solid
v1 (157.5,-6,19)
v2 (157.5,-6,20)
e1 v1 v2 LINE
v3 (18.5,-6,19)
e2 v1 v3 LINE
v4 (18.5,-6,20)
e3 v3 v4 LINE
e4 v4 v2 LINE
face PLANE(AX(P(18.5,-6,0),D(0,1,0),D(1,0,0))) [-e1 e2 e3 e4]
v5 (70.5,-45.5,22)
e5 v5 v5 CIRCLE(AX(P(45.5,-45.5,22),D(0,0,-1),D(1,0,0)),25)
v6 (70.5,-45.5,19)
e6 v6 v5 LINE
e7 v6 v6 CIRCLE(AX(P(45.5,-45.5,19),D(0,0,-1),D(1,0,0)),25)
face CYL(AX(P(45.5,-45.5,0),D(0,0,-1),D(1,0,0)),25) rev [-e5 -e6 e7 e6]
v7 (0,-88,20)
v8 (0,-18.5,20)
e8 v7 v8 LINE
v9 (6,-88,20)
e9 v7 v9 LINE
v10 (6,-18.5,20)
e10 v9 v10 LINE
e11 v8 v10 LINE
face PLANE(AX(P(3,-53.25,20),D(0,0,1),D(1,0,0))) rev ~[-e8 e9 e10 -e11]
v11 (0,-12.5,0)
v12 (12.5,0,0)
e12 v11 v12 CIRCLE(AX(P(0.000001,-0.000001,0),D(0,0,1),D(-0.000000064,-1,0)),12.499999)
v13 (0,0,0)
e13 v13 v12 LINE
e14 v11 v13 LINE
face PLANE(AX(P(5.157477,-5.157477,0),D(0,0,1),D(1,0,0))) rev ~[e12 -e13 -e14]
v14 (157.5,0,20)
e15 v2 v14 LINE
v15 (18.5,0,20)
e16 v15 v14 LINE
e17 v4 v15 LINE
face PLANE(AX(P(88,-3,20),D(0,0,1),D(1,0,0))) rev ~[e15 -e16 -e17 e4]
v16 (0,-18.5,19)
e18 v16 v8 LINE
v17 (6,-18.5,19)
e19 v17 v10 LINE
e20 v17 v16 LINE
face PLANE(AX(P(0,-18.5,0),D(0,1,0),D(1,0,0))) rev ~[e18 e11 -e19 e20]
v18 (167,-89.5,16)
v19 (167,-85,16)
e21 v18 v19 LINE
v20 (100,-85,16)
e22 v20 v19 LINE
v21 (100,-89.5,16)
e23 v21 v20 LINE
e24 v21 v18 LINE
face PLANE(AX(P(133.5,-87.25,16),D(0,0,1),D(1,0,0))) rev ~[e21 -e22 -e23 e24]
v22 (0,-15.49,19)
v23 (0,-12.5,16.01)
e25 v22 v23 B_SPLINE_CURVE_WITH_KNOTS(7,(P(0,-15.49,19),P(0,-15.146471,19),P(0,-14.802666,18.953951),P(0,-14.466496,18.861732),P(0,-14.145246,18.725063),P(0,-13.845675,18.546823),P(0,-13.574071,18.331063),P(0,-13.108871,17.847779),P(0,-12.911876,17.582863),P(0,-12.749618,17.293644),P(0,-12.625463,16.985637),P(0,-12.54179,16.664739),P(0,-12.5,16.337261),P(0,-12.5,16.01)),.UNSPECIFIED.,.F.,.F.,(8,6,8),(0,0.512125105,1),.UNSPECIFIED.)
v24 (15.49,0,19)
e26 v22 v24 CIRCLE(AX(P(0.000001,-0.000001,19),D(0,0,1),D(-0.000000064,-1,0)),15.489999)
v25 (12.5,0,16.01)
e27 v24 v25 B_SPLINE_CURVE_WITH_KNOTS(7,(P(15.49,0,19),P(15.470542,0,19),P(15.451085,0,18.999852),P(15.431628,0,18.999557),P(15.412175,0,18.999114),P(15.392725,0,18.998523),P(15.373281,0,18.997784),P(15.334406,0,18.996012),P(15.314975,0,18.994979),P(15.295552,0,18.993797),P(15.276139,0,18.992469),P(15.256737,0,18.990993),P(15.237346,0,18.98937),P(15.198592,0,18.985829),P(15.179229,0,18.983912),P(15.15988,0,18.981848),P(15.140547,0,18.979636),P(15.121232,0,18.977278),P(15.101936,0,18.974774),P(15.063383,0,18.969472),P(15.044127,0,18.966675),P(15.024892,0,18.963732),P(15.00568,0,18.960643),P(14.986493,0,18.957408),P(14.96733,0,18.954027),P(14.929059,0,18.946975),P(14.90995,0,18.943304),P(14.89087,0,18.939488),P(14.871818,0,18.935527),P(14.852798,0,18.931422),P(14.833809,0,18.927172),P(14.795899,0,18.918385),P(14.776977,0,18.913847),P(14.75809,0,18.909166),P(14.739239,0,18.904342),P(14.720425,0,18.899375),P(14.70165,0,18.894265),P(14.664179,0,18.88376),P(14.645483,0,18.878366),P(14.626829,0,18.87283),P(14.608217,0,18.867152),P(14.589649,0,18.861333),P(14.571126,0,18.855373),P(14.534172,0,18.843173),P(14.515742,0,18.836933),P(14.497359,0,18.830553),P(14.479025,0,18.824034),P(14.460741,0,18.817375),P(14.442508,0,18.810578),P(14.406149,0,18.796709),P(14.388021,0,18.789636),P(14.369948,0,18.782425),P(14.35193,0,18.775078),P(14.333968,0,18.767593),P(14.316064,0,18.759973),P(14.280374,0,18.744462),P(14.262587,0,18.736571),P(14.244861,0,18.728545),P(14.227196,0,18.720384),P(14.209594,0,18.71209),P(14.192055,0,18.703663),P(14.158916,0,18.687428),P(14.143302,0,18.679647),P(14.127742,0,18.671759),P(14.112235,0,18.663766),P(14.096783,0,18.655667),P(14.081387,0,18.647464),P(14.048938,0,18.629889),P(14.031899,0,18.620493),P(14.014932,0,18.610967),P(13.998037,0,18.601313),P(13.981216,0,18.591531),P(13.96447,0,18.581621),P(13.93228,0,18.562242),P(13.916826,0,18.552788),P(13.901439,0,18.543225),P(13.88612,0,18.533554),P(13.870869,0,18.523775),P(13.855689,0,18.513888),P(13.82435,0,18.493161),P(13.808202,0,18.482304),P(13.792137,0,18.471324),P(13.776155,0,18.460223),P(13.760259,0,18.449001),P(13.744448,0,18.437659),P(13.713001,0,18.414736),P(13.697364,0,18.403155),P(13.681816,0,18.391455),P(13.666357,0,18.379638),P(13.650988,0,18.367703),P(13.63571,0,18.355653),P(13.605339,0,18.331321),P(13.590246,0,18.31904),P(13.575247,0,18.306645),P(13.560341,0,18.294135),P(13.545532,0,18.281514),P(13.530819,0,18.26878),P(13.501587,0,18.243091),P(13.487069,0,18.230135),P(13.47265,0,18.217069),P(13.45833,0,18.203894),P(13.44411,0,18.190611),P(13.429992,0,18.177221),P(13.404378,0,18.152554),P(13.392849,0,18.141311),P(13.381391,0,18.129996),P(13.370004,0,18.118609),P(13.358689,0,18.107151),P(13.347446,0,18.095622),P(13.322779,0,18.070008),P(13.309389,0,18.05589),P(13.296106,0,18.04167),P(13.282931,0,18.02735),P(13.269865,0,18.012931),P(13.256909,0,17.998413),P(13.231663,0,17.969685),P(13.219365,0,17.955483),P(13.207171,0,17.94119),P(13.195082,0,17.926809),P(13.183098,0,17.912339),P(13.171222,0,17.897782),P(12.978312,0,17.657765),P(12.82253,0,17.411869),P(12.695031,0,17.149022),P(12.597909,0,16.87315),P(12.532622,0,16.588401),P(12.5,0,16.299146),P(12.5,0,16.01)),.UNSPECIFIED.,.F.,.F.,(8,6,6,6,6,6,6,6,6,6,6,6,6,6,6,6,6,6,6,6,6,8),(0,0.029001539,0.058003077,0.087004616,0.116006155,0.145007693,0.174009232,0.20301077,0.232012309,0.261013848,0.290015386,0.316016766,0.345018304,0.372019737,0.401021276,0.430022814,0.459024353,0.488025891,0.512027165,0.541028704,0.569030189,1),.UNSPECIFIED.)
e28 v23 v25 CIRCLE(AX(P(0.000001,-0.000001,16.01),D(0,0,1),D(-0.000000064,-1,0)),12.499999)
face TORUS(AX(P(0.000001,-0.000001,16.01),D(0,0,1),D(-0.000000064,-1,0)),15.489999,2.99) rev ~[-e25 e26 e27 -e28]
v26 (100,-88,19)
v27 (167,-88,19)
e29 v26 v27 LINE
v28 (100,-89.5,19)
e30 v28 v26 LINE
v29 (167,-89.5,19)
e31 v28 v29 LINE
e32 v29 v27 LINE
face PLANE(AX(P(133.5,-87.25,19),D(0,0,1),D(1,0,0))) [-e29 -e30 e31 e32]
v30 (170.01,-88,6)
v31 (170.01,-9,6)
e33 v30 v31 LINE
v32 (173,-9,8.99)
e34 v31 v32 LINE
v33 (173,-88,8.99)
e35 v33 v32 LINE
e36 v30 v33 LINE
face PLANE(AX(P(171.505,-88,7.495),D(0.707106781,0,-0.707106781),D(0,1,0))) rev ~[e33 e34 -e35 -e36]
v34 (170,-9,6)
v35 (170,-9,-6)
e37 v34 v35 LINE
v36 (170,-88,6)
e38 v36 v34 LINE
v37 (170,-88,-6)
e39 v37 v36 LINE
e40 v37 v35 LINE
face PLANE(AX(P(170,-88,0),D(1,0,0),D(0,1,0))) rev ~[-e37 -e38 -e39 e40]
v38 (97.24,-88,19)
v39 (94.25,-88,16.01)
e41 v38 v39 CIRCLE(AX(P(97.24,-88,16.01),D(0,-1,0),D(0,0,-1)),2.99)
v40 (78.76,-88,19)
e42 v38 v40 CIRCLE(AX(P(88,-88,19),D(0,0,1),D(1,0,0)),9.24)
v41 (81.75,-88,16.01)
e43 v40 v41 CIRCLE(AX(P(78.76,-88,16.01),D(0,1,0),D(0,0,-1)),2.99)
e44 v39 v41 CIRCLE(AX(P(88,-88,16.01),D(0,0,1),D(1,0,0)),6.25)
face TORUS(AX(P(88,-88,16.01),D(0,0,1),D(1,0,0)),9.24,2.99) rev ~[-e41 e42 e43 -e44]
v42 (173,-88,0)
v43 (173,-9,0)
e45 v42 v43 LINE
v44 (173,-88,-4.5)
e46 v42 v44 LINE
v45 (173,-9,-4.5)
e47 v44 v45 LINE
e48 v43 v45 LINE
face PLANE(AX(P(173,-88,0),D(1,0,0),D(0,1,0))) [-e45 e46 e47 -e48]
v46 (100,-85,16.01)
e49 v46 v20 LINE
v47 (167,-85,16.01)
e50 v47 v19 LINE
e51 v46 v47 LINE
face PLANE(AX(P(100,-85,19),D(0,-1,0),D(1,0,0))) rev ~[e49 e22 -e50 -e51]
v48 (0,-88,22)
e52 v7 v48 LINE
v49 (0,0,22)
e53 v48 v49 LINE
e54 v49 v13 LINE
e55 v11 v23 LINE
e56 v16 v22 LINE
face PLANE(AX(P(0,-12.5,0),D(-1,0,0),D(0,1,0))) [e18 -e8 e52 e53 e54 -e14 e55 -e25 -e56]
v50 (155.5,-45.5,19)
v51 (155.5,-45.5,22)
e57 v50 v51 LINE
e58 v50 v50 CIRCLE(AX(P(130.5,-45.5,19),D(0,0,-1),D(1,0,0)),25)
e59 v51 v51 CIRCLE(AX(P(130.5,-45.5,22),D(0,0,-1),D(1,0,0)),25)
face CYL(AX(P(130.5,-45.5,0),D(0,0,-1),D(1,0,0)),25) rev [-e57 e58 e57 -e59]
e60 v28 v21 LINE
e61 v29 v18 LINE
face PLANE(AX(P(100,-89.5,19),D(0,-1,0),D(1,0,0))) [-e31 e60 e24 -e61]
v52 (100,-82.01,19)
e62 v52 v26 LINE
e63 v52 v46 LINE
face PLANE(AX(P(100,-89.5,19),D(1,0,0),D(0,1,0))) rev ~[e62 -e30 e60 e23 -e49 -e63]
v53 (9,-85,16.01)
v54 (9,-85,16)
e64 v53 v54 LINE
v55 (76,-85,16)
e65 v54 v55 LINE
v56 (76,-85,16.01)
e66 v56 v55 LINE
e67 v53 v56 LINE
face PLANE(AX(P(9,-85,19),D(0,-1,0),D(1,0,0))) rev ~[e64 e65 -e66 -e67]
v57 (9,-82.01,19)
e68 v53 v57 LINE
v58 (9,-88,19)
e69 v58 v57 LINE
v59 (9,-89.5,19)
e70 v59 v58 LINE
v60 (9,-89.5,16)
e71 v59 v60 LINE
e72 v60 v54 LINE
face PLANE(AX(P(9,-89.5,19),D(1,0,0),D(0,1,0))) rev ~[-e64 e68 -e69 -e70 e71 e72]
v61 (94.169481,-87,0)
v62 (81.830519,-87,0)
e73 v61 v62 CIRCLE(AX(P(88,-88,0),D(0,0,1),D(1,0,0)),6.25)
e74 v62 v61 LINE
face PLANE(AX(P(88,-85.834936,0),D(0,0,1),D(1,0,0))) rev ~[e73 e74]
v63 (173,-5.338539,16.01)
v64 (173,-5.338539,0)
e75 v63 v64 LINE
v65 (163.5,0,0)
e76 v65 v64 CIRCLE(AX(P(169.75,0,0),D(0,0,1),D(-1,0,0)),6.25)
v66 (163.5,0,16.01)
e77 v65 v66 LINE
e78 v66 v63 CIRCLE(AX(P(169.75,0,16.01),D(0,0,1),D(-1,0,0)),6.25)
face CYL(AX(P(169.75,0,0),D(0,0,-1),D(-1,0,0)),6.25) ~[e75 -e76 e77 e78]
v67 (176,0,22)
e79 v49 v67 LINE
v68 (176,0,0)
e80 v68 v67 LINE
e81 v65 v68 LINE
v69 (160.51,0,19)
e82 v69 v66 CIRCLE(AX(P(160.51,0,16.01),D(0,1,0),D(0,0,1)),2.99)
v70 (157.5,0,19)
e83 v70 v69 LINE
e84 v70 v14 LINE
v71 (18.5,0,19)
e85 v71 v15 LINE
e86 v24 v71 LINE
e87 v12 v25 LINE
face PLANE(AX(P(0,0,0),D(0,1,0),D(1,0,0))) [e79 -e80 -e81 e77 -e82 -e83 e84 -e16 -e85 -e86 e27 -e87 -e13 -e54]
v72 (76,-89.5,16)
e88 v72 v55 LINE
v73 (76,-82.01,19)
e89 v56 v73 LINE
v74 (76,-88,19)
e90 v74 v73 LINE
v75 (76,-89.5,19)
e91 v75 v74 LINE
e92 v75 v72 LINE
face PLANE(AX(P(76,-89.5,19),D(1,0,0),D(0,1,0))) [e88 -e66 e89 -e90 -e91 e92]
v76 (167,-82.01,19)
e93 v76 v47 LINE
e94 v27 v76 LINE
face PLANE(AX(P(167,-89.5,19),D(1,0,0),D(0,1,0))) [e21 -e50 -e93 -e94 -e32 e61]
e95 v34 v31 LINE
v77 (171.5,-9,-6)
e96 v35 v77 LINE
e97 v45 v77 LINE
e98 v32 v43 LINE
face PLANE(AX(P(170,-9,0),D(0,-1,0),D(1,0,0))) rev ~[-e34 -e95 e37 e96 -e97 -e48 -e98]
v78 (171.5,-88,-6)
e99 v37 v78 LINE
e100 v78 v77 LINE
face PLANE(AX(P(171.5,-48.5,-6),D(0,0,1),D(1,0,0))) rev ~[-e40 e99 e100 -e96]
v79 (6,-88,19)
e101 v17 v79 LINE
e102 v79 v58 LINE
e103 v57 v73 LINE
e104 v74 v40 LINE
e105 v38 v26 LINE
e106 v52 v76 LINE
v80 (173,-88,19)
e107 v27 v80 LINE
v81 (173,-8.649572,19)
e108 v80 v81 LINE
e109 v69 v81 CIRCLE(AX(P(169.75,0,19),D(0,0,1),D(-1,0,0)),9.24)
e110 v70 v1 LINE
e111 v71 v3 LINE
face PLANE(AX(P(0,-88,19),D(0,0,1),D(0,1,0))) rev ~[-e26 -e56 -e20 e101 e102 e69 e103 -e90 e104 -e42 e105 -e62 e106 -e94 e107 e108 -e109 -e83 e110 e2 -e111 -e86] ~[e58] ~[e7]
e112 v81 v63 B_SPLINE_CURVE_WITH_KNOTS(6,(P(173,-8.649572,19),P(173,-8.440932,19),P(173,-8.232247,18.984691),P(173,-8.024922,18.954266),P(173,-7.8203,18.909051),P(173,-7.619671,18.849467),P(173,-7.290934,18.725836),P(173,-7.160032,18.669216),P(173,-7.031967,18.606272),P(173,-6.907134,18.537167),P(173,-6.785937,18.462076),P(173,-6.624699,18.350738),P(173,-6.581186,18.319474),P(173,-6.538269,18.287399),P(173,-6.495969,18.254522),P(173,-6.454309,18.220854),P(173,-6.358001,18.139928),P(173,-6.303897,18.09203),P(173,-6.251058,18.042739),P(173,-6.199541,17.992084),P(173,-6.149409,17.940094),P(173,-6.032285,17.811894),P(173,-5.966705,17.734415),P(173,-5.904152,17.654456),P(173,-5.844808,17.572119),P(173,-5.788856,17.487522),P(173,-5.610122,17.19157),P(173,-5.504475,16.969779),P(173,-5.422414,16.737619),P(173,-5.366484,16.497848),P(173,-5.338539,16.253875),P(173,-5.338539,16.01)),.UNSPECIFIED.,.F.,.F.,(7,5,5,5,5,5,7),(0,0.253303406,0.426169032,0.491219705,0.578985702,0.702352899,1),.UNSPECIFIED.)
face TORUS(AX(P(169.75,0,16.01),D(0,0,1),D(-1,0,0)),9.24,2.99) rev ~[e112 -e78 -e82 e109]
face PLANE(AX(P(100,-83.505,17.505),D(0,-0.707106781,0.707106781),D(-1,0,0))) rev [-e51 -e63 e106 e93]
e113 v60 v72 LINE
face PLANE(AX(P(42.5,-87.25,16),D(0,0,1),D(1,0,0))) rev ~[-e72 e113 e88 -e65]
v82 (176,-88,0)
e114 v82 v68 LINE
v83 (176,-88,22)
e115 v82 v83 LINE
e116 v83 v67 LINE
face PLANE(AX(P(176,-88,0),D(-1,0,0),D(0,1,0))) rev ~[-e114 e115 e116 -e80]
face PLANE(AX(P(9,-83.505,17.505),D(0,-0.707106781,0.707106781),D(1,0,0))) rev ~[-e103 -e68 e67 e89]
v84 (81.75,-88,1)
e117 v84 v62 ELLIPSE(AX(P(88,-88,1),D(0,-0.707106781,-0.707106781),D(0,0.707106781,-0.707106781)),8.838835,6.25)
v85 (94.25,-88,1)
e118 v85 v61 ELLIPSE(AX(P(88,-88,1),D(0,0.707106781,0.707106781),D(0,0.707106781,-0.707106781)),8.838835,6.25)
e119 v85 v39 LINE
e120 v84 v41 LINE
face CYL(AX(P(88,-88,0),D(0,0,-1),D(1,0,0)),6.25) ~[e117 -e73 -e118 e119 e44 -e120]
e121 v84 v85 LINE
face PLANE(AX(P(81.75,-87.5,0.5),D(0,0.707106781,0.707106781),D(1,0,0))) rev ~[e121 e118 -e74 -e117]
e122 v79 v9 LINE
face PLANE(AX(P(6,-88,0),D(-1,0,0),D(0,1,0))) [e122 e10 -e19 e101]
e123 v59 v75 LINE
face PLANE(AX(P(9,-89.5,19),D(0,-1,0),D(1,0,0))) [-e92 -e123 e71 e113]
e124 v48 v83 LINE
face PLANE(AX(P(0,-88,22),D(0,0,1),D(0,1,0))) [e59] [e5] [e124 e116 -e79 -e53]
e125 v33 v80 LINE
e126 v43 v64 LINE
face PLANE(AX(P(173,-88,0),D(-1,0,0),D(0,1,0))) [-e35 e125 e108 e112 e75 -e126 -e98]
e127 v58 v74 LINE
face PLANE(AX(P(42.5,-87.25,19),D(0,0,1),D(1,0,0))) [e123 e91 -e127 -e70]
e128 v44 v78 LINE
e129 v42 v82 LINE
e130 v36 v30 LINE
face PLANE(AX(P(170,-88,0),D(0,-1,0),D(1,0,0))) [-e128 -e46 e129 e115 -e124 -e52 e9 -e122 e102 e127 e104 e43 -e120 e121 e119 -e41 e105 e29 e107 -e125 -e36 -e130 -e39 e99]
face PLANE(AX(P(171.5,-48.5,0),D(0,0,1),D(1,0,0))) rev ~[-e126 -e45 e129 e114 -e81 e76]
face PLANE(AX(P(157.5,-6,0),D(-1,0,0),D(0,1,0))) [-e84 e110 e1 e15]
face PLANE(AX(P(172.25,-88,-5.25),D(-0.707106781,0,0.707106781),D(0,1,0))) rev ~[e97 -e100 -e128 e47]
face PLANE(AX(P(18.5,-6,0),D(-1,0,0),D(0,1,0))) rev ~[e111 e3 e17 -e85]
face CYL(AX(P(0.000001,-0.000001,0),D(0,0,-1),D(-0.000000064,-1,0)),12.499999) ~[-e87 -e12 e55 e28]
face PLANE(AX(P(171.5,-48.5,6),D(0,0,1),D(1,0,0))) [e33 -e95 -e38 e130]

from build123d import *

# Parameters (mm, degrees)
SKETCH063_W          = 88
SKETCH063_H          = 3
PAD030_DEPTH         = 176
SKETCH064_R          = 25
POCKET030_DEPTH      = 100
POCKET030_DEPTH_BACK = 100
PAD031_DEPTH         = 19
SKETCH066_W          = 139
SKETCH066_H          = 6
SKETCH066_W_2        = 6
SKETCH066_H_2        = 69.5
POCKET031_DEPTH      = 20
SKETCH067_W          = 3
SKETCH067_H          = 88
PAD032_DEPTH         = 19
SKETCH068_W          = 3
SKETCH068_H          = 79
PAD033_DEPTH         = 6
PAD033_DEPTH_BACK    = 6
CHAMFER009_SIZE      = 2.99
CHAMFER010_SIZE      = 1.5
FILLET017_R          = 2.99
SKETCH087_W          = 67
SKETCH087_H          = 4.5
PAD038_DEPTH         = 3
CHAMFER012_SIZE      = 2.99
CHAMFER014_SIZE      = 1


with BuildPart() as part:
    # Sketch063 → Pad030 (new body)
    with BuildSketch(Plane.YZ):
        with Locations((-44, 20.5)):
            Rectangle(SKETCH063_W, SKETCH063_H)
    extrude(amount=PAD030_DEPTH)

    # Sketch064 → Pocket030 (cut, two sides)
    with BuildSketch(Plane.XY) as pocket030_sk:
        with Locations((45.5, -45.5)):
            Circle(SKETCH064_R)
        with Locations((130.5, -45.5)):
            Circle(SKETCH064_R)
    extrude(amount=-POCKET030_DEPTH, mode=Mode.SUBTRACT)
    extrude(pocket030_sk.sketch, amount=POCKET030_DEPTH_BACK, mode=Mode.SUBTRACT)

    # Sketch065 → Pad031 (join)
    with BuildSketch(Plane.XY):
        with BuildLine():
            ThreePointArc((0, -12.5), (8.838835, -8.838835), (12.5, 0))
            Line((0, 0), (12.5, 0))
            Line((0, -12.5), (0, 0))
        make_face()
        with BuildLine():
            ThreePointArc((163.5, 0), (169.75, -6.25), (176, 0))
            Line((163.5, 0), (176, 0))
        make_face()
        with BuildLine():
            ThreePointArc((94.25, -88), (88, -81.75), (81.75, -88))
            Line((81.75, -88), (94.25, -88))
        make_face()
    extrude(amount=PAD031_DEPTH)

    # Sketch066 → Pocket031 (cut)
    with BuildSketch(Plane.XY):
        with Locations((88, -3)):
            Rectangle(SKETCH066_W, SKETCH066_H)
        with Locations((3, -53.25)):
            Rectangle(SKETCH066_W_2, SKETCH066_H_2)
    extrude(amount=POCKET031_DEPTH, mode=Mode.SUBTRACT)

    # Sketch067 → Pad032 (join)
    with BuildSketch(Plane.XY):
        with Locations((174.5, -44)):
            Rectangle(SKETCH067_W, SKETCH067_H)
    extrude(amount=PAD032_DEPTH)

    # Sketch068 → Pad033 (join, two sides)
    with BuildSketch(Plane.XY) as pad033_sk:
        with Locations((171.5, -48.5)):
            Rectangle(SKETCH068_W, SKETCH068_H)
    extrude(amount=PAD033_DEPTH)
    extrude(pad033_sk.sketch, amount=-PAD033_DEPTH_BACK)

    # Chamfer009
    chamfer009_edges = [part.edges().sort_by_distance(p)[0] for p in [
        (173, -48.5, 6),
    ]]
    chamfer(chamfer009_edges, length=CHAMFER009_SIZE)

    # Chamfer010
    chamfer010_edges = [part.edges().sort_by_distance(p)[0] for p in [
        (173, -48.5, -6),
    ]]
    chamfer(chamfer010_edges, length=CHAMFER010_SIZE)

    # Fillet017
    fillet017_edges = [part.edges().sort_by_distance(p)[0] for p in [
        (166.688138, -5.448624, 19),
        (88, -81.75, 19),
        (8.838835, -8.838835, 19),
    ]]
    fillet(fillet017_edges, radius=FILLET017_R)

    # Sketch087 → Pad038 (join)
    with BuildSketch(Plane.XY.offset(19)):
        with Locations((42.5, -87.25)):
            Rectangle(SKETCH087_W, SKETCH087_H)
        with Locations((133.5, -87.25)):
            Rectangle(SKETCH087_W, SKETCH087_H)
    extrude(amount=-PAD038_DEPTH)

    # Chamfer012
    chamfer012_edges = [part.edges().sort_by_distance(p)[0] for p in [
        (133.5, -85, 19),
        (42.5, -85, 19),
    ]]
    chamfer(chamfer012_edges, length=CHAMFER012_SIZE)

    # Chamfer014
    chamfer014_edges = [part.edges().sort_by_distance(p)[0] for p in [
        (88, -88, 0),
    ]]
    chamfer(chamfer014_edges, length=CHAMFER014_SIZE)


solid = part.part
